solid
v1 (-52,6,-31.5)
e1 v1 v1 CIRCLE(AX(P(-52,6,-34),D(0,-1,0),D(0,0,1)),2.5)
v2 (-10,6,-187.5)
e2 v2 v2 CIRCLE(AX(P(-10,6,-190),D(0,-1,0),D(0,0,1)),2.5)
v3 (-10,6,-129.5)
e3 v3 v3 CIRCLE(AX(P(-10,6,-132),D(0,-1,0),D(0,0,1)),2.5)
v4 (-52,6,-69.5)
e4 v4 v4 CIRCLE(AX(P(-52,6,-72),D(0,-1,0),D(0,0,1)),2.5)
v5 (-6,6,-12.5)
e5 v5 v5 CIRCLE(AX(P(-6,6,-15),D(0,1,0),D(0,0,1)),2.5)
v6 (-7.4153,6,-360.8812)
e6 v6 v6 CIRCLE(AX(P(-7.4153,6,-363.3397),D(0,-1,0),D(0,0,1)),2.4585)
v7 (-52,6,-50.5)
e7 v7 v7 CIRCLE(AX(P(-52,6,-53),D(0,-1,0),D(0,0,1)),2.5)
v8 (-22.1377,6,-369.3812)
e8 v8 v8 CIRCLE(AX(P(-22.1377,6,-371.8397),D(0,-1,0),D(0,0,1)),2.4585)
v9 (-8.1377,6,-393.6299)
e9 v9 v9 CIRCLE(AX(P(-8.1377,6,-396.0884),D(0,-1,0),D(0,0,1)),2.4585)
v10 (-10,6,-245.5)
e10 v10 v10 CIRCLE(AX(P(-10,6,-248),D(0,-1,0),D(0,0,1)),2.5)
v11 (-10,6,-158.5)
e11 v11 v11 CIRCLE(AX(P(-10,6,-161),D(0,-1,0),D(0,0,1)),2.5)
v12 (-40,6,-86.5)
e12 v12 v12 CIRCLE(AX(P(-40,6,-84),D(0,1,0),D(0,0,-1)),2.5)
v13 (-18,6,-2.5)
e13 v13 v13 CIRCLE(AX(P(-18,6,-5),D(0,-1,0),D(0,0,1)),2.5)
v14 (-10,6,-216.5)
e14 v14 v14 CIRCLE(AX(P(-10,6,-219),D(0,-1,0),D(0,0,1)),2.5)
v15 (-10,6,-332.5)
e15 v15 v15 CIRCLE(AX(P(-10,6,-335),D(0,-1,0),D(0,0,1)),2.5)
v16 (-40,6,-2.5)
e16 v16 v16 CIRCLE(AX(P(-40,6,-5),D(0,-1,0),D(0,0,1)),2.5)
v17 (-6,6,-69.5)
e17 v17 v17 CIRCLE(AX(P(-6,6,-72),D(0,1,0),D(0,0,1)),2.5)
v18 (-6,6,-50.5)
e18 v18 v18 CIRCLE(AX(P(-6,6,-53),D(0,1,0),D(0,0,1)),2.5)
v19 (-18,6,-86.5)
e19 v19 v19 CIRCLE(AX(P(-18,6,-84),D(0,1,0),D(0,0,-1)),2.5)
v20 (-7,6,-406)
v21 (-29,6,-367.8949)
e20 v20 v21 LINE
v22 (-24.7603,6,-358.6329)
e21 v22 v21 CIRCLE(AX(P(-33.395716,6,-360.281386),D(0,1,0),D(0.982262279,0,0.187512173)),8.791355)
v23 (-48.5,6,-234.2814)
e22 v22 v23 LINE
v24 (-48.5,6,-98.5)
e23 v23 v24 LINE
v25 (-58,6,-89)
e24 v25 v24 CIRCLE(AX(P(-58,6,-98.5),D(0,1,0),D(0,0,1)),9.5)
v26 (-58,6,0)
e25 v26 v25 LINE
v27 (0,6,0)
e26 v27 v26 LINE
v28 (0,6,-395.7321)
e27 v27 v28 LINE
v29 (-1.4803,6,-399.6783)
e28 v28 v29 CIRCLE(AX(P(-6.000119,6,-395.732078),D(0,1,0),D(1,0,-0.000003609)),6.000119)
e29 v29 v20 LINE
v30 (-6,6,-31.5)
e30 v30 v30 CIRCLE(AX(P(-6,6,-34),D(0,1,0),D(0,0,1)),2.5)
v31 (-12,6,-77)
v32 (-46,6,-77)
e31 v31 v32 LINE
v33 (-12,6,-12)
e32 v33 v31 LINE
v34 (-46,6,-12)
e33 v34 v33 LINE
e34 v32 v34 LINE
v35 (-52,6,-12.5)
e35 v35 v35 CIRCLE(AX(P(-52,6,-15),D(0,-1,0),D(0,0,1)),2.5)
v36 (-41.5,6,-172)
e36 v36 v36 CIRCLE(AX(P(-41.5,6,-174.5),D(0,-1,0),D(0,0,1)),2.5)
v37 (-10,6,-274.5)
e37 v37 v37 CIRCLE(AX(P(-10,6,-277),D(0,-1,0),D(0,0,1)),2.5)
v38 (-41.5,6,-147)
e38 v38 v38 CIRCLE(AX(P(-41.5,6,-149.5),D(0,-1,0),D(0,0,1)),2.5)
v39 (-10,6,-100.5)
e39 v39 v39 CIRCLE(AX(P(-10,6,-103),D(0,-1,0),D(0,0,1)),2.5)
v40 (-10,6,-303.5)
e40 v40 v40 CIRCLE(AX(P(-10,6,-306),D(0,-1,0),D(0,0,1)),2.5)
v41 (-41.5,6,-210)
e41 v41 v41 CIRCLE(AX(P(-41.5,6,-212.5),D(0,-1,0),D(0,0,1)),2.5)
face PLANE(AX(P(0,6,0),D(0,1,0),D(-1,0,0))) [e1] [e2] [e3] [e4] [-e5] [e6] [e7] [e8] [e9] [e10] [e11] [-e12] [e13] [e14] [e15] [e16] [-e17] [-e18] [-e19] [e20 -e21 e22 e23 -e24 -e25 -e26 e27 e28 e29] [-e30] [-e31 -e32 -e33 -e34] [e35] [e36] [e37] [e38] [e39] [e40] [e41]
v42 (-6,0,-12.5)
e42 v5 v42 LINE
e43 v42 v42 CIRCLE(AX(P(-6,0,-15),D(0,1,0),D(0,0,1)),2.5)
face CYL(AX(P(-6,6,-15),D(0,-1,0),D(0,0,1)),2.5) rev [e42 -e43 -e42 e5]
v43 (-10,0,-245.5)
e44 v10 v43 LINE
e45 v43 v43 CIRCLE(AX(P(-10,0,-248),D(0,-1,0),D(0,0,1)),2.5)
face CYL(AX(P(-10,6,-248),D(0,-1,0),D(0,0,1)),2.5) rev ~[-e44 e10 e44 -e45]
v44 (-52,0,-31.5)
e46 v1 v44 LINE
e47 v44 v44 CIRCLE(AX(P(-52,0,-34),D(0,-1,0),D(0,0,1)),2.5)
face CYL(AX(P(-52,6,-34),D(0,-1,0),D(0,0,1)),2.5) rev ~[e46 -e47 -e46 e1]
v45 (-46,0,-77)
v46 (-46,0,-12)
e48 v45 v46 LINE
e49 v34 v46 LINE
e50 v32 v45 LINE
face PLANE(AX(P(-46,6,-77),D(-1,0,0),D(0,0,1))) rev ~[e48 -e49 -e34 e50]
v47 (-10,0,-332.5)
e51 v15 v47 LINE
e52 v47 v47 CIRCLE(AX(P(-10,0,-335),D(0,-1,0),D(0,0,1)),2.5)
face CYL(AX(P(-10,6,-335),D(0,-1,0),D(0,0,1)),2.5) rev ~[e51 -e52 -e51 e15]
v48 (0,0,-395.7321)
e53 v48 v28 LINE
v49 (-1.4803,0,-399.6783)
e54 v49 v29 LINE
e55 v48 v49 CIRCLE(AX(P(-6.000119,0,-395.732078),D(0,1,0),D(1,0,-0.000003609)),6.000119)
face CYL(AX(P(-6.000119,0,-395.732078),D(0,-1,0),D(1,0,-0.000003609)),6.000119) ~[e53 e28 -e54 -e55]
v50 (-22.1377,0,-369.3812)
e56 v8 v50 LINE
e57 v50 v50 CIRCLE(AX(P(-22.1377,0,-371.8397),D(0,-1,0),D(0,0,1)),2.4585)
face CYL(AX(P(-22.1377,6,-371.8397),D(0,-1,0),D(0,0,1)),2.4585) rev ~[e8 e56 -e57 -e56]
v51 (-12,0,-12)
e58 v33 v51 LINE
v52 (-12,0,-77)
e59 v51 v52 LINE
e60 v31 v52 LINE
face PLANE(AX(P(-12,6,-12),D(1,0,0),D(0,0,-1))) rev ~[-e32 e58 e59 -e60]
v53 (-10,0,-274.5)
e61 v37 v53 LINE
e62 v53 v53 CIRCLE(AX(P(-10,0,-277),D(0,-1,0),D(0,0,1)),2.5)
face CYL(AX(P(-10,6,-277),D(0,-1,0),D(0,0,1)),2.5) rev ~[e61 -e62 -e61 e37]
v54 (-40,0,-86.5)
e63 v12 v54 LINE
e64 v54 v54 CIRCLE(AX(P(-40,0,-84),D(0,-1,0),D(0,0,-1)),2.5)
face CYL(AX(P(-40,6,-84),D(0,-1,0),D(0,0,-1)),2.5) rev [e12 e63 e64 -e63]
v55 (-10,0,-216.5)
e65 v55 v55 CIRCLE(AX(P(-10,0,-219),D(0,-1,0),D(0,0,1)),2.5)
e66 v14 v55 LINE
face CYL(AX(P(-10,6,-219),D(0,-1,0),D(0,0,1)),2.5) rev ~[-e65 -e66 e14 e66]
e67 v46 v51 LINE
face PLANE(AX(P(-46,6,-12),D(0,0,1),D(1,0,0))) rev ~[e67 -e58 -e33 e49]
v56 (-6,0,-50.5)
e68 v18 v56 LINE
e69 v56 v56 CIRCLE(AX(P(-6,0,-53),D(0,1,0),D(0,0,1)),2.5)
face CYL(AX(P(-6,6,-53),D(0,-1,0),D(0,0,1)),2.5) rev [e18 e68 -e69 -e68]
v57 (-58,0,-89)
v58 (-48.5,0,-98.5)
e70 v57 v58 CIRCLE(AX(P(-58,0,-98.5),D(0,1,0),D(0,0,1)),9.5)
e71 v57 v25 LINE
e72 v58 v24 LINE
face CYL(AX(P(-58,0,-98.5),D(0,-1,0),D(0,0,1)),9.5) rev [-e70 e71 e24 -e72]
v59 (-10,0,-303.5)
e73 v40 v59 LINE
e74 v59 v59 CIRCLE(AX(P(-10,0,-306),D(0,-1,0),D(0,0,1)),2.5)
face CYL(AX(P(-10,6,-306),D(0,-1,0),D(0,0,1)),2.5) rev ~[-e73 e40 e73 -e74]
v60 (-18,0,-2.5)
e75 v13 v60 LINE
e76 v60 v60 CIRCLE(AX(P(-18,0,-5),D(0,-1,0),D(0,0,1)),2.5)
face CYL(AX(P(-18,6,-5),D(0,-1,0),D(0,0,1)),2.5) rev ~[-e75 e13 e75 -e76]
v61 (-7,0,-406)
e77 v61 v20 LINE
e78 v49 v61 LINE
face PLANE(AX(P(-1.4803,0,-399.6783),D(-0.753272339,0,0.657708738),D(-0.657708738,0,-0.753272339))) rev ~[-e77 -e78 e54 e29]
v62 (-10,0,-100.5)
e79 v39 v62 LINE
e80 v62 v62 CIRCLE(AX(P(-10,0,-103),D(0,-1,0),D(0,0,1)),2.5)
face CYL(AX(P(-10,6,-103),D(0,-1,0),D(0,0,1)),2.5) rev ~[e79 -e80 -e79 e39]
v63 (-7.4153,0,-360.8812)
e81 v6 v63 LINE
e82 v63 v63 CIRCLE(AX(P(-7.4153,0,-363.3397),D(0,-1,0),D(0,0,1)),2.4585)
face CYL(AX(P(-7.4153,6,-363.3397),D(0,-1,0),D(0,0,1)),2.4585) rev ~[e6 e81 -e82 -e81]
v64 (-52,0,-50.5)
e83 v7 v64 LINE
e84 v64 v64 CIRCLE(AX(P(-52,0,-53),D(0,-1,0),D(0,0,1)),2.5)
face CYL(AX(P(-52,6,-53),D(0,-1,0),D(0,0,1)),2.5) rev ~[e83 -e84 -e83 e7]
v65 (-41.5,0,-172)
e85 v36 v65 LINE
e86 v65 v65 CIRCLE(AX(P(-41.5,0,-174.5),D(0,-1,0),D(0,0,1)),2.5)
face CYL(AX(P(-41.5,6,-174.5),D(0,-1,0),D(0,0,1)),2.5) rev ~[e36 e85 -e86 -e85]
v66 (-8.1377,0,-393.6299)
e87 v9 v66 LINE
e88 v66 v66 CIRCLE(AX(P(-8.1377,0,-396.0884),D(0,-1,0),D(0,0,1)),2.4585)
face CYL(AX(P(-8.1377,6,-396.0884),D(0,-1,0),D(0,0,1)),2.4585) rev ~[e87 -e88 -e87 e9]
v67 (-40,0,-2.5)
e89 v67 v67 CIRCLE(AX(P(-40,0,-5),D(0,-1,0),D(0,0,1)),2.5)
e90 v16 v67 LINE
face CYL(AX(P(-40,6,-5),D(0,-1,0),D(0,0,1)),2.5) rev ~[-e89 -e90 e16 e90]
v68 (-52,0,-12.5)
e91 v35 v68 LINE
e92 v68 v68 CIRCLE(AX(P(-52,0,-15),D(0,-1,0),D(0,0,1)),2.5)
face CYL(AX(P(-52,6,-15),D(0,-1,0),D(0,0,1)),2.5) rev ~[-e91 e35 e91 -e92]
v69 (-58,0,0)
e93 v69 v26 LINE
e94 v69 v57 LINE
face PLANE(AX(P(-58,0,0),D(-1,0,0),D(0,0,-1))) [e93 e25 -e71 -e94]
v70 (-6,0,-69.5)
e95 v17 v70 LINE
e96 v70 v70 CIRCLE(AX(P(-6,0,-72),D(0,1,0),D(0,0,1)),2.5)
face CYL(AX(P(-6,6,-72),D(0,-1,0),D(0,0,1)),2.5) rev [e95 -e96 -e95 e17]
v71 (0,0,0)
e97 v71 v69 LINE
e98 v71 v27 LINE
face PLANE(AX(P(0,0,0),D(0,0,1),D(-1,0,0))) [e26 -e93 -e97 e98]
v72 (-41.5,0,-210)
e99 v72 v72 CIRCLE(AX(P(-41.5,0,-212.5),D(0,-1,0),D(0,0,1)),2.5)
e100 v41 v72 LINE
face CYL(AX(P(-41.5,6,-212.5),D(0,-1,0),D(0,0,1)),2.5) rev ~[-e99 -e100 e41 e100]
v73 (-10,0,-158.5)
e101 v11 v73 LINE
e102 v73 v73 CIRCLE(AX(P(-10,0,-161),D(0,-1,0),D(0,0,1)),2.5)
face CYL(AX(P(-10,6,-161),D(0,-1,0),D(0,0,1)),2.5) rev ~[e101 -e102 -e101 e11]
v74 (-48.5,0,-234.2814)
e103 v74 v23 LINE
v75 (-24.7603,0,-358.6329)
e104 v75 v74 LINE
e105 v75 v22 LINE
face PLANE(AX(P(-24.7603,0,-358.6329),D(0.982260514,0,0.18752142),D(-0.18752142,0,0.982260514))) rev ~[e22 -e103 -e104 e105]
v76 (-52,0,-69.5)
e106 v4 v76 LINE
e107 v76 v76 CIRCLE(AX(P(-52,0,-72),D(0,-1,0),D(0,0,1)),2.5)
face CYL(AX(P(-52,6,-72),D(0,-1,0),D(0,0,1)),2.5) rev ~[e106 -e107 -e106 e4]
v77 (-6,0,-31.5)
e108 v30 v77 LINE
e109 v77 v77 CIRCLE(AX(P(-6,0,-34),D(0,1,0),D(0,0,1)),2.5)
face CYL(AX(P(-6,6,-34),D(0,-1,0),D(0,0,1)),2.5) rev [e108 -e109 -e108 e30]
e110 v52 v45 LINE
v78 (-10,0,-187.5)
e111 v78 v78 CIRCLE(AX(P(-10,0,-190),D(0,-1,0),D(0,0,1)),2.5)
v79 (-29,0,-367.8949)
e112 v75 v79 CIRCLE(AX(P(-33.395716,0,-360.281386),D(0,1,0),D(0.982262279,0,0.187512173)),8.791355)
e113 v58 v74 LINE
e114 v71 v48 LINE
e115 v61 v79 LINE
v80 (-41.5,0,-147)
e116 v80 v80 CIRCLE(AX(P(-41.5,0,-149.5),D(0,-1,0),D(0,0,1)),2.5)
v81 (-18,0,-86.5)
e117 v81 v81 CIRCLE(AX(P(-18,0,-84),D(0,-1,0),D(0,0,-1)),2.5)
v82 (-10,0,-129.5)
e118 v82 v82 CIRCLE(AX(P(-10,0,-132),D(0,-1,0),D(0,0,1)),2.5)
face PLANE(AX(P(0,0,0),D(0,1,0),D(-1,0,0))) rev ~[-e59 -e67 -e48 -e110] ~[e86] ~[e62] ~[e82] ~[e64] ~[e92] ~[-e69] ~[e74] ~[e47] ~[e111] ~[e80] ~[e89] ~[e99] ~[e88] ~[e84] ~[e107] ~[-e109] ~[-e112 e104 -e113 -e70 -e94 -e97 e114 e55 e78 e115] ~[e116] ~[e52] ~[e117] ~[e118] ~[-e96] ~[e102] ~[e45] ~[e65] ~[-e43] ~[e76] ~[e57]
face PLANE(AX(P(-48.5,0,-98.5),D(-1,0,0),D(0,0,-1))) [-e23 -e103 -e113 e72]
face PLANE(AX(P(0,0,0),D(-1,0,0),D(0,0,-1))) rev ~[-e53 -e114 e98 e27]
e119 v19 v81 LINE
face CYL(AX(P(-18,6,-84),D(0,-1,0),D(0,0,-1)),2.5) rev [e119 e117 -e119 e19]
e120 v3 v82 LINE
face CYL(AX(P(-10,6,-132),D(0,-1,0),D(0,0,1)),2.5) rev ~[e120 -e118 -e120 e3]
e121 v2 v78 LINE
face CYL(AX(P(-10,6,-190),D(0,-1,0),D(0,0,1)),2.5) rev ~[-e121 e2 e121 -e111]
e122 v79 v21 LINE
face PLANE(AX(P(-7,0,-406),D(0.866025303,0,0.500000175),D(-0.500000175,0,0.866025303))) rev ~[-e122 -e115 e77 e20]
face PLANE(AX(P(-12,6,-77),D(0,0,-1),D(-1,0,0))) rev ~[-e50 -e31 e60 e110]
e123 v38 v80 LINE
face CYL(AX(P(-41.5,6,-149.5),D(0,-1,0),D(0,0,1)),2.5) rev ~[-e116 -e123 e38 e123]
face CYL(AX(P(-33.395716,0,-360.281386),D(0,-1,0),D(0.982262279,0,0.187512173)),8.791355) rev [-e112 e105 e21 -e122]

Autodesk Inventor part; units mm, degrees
ref_plane "XZ Plane" through (0, 0, 0) normal (0, 1, 0) x (-1, 0, 0)
sketch "Skizze1" plane through (0, 0, 0) normal (0, 1, 0) x (-1, 0, 0)
  line L0 (0, 0) -> (58, 0)
  line L1 (58, 0) -> (58, -89)
  arc A0 (58, -89) -> (48.5, -98.5) centre (58, -98.5) ccw
  line L2 (48.5, -98.5) -> (48.5, -218.5)
  line L3 (48.5, -218.5) -> (48.5, -234.2814)
  line L4 (0, 0) -> (0, -395.7321)
  line L5 (48.5, -218.5) -> (48.5, -250.0629) construction
  arc A1 (0, -395.7321) -> (1.4803, -399.6783) centre (6, -395.7321) ccw
  line L6 (1.4803, -399.6783) -> (7, -406)
  line L7 (7, -406) -> (29, -367.8949)
  line L8 (29, -367.8949) -> (29, -367.8949)
  arc A2 (24.7603, -358.6329) -> (29, -367.8949) centre (33.3956, -360.2814) ccw
  line L9 (24.7603, -358.6329) -> (48.5, -234.2814)
  line L10 (7, -406) -> (55.5885, -321.8422) construction
  dimension "d1" = 58
  dimension "d2" = 9.5
  dimension "d3" = 89
  dimension "d4" = 120
  dimension "d7" = 406
  dimension "d8" = 44
  dimension "d9" = 30
  dimension "d10" = 6
  dimension "d11" = 126
  dimension "d12" = 29
  dimension "d13" = 6
extrude "Extrusion1" add sketch "Skizze1" along normal blind 6
sketch "Skizze2" plane through (0, 6, 0) normal (0, 1, 0) x (1, 0, 0)
  line L0 (-46, 12) -> (-12, 12)
  line L1 (-12, 12) -> (-12, 77)
  line L2 (-12, 77) -> (-46, 77)
  line L3 (-46, 77) -> (-46, 12)
  line L4 (-58, 0) -> (0, 0) projected
  point P0 (-29, 12)
  point P1 (-29, 0)
  dimension "d16" = 34
  dimension "d17" = 65
  dimension "d18" = 12
extrude "Extrusion2" cut sketch "Skizze2" against normal up to surface (6 mm away)
sketch "Skizze3" plane through (0, 6, 0) normal (0, 1, 0) x (1, 0, 0)
  line L0 (-58, 0) -> (0, 0) projected
  point P0 (-40, 5)
  point P1 (-18, 5)
  point P2 (-29, 0)
  point P3 (-29, 0)
  dimension "d21" = 11
  dimension "d22" = 11
  dimension "d23" = 5
hole "Bohrung1" at (-40, 6, -5) at (-18, 6, -5) direction (0, -1, 0) diameter 5 end through all
sketch "Skizze4" plane through (0, 6, 0) normal (0, 1, 0) x (1, 0, 0)
  circle A0 centre (-40, 5) radius 2.5 projected
  line L0 (-58, 89) -> (-58, 0) projected
  point P0 (0, 0)
  point P1 (-52, 15)
  point P2 (-52, 34)
  point P3 (-52, 53)
  point P4 (-52, 72)
  dimension "d31" = 10
  dimension "d32" = 19
  dimension "d33" = 19
  dimension "d34" = 19
  dimension "d35" = 6
hole "Bohrung2" at (-52, 6, -15) at (-52, 6, -34) at (-52, 6, -53) at (-52, 6, -72) direction (0, -1, 0) diameter 5 depth 6
ref_plane "Arbeitsebene1" through (-29, 0, 0) normal (1, 0, 0) x (0, 1, 0)
mirror "Spiegeln1" about plane through (-29, 0, 0) normal (1, 0, 0) of "Bohrung2"
ref_plane "Arbeitsebene2" through (0, 0, -44.5) normal (0, 0, 1) x (1, 0, 0)
mirror "Spiegeln2" about plane through (0, 0, -44.5) normal (0, 0, 1) of "Bohrung1"
sketch "Skizze5" plane through (0, 6, 0) normal (0, 1, 0) x (1, 0, 0)
  circle A0 centre (-18, 84) radius 2.5 projected
  line L0 (0, 0) -> (0, 395.7321) projected
  point P0 (-10, 103)
  point P1 (-10, 132)
  point P2 (-10, 161)
  point P3 (-10, 190)
  point P4 (-10, 277)
  point P5 (-10, 306)
  point P6 (-10, 335)
  point P7 (-10, 219)
  point P8 (-10, 248)
  dimension "d45" = 19
  dimension "d46" = 29
  dimension "d47" = 29
  dimension "d48" = 29
  dimension "d49" = 29
  dimension "d50" = 29
  dimension "d51" = 29
  dimension "d52" = 29
  dimension "d53" = 29
  dimension "d54" = 10
hole "Bohrung3" at (-10, 6, -103) at (-10, 6, -132) at (-10, 6, -161) at (-10, 6, -190) at (-10, 6, -277) at (-10, 6, -306) at (-10, 6, -335) at (-10, 6, -219) at (-10, 6, -248) direction (0, -1, 0) diameter 5 depth 6
sketch "Skizze6" plane through (0, 6, 0) normal (0, 1, 0) x (1, 0, 0)
  arc A0 (-58, 89) -> (-48.5, 98.5) centre (-58, 98.5) ccw projected
  line L0 (-48.5, 234.2814) -> (-48.5, 98.5) projected
  point P0 (0, 0)
  point P1 (-41.5, 149.5)
  point P2 (-41.5, 174.5)
  point P3 (-41.5, 212.5)
  dimension "d62" = 51
  dimension "d63" = 25
  dimension "d64" = 38
  dimension "d65" = 7
hole "Bohrung4" at (-41.5, 6, -149.5) at (-41.5, 6, -174.5) at (-41.5, 6, -212.5) direction (0, -1, 0) diameter 5 depth 6
sketch "Skizze8" plane through (0, 6, 0) normal (0, 1, 0) x (1, 0, 0)
  line L0 (-7, 406) -> (-29, 367.8949) projected
  line L1 (-4.2402, 402.8391) -> (-26.0353, 365.0889) construction
  arc A0 (-24.7603, 358.6329) -> (-29, 367.8949) centre (-33.3956, 360.2814) ccw projected
  line L2 (-1.4803, 399.6783) -> (-7, 406) projected
  line L3 (-15.1377, 383.964) -> (-49.9282, 404.0503) construction
  line L4 (-22.1377, 371.8397) -> (-7.4153, 363.3397) construction
  point P0 (0, 0)
  point P1 (-8.1377, 396.0884)
  dimension "d90" = 90
  dimension "d91" = 14
  dimension "d92" = 28
  dimension "d93" = 90
  dimension "d94" = 17
hole "Bohrung5" at (-7.4153, 6, -363.3397) at (-22.1377, 6, -371.8397) at (-8.1377, 6, -396.0884) direction (0, -1, 0) diameter 4.917 depth 6 thread size "M6x1" class "6H" standard "ISO Metric profile"
equation "\"d22\" = d21"
equation "\"d33\" = d32"
equation "\"d34\" = d33"
equation "\"d47\" = d46"
equation "\"d48\" = d46"
equation "\"d49\" = d46"
equation "\"d50\" = d46"
equation "\"d51\" = d46"
equation "\"d52\" = d46"
equation "\"d53\" = d46"
properties part number "1012"
